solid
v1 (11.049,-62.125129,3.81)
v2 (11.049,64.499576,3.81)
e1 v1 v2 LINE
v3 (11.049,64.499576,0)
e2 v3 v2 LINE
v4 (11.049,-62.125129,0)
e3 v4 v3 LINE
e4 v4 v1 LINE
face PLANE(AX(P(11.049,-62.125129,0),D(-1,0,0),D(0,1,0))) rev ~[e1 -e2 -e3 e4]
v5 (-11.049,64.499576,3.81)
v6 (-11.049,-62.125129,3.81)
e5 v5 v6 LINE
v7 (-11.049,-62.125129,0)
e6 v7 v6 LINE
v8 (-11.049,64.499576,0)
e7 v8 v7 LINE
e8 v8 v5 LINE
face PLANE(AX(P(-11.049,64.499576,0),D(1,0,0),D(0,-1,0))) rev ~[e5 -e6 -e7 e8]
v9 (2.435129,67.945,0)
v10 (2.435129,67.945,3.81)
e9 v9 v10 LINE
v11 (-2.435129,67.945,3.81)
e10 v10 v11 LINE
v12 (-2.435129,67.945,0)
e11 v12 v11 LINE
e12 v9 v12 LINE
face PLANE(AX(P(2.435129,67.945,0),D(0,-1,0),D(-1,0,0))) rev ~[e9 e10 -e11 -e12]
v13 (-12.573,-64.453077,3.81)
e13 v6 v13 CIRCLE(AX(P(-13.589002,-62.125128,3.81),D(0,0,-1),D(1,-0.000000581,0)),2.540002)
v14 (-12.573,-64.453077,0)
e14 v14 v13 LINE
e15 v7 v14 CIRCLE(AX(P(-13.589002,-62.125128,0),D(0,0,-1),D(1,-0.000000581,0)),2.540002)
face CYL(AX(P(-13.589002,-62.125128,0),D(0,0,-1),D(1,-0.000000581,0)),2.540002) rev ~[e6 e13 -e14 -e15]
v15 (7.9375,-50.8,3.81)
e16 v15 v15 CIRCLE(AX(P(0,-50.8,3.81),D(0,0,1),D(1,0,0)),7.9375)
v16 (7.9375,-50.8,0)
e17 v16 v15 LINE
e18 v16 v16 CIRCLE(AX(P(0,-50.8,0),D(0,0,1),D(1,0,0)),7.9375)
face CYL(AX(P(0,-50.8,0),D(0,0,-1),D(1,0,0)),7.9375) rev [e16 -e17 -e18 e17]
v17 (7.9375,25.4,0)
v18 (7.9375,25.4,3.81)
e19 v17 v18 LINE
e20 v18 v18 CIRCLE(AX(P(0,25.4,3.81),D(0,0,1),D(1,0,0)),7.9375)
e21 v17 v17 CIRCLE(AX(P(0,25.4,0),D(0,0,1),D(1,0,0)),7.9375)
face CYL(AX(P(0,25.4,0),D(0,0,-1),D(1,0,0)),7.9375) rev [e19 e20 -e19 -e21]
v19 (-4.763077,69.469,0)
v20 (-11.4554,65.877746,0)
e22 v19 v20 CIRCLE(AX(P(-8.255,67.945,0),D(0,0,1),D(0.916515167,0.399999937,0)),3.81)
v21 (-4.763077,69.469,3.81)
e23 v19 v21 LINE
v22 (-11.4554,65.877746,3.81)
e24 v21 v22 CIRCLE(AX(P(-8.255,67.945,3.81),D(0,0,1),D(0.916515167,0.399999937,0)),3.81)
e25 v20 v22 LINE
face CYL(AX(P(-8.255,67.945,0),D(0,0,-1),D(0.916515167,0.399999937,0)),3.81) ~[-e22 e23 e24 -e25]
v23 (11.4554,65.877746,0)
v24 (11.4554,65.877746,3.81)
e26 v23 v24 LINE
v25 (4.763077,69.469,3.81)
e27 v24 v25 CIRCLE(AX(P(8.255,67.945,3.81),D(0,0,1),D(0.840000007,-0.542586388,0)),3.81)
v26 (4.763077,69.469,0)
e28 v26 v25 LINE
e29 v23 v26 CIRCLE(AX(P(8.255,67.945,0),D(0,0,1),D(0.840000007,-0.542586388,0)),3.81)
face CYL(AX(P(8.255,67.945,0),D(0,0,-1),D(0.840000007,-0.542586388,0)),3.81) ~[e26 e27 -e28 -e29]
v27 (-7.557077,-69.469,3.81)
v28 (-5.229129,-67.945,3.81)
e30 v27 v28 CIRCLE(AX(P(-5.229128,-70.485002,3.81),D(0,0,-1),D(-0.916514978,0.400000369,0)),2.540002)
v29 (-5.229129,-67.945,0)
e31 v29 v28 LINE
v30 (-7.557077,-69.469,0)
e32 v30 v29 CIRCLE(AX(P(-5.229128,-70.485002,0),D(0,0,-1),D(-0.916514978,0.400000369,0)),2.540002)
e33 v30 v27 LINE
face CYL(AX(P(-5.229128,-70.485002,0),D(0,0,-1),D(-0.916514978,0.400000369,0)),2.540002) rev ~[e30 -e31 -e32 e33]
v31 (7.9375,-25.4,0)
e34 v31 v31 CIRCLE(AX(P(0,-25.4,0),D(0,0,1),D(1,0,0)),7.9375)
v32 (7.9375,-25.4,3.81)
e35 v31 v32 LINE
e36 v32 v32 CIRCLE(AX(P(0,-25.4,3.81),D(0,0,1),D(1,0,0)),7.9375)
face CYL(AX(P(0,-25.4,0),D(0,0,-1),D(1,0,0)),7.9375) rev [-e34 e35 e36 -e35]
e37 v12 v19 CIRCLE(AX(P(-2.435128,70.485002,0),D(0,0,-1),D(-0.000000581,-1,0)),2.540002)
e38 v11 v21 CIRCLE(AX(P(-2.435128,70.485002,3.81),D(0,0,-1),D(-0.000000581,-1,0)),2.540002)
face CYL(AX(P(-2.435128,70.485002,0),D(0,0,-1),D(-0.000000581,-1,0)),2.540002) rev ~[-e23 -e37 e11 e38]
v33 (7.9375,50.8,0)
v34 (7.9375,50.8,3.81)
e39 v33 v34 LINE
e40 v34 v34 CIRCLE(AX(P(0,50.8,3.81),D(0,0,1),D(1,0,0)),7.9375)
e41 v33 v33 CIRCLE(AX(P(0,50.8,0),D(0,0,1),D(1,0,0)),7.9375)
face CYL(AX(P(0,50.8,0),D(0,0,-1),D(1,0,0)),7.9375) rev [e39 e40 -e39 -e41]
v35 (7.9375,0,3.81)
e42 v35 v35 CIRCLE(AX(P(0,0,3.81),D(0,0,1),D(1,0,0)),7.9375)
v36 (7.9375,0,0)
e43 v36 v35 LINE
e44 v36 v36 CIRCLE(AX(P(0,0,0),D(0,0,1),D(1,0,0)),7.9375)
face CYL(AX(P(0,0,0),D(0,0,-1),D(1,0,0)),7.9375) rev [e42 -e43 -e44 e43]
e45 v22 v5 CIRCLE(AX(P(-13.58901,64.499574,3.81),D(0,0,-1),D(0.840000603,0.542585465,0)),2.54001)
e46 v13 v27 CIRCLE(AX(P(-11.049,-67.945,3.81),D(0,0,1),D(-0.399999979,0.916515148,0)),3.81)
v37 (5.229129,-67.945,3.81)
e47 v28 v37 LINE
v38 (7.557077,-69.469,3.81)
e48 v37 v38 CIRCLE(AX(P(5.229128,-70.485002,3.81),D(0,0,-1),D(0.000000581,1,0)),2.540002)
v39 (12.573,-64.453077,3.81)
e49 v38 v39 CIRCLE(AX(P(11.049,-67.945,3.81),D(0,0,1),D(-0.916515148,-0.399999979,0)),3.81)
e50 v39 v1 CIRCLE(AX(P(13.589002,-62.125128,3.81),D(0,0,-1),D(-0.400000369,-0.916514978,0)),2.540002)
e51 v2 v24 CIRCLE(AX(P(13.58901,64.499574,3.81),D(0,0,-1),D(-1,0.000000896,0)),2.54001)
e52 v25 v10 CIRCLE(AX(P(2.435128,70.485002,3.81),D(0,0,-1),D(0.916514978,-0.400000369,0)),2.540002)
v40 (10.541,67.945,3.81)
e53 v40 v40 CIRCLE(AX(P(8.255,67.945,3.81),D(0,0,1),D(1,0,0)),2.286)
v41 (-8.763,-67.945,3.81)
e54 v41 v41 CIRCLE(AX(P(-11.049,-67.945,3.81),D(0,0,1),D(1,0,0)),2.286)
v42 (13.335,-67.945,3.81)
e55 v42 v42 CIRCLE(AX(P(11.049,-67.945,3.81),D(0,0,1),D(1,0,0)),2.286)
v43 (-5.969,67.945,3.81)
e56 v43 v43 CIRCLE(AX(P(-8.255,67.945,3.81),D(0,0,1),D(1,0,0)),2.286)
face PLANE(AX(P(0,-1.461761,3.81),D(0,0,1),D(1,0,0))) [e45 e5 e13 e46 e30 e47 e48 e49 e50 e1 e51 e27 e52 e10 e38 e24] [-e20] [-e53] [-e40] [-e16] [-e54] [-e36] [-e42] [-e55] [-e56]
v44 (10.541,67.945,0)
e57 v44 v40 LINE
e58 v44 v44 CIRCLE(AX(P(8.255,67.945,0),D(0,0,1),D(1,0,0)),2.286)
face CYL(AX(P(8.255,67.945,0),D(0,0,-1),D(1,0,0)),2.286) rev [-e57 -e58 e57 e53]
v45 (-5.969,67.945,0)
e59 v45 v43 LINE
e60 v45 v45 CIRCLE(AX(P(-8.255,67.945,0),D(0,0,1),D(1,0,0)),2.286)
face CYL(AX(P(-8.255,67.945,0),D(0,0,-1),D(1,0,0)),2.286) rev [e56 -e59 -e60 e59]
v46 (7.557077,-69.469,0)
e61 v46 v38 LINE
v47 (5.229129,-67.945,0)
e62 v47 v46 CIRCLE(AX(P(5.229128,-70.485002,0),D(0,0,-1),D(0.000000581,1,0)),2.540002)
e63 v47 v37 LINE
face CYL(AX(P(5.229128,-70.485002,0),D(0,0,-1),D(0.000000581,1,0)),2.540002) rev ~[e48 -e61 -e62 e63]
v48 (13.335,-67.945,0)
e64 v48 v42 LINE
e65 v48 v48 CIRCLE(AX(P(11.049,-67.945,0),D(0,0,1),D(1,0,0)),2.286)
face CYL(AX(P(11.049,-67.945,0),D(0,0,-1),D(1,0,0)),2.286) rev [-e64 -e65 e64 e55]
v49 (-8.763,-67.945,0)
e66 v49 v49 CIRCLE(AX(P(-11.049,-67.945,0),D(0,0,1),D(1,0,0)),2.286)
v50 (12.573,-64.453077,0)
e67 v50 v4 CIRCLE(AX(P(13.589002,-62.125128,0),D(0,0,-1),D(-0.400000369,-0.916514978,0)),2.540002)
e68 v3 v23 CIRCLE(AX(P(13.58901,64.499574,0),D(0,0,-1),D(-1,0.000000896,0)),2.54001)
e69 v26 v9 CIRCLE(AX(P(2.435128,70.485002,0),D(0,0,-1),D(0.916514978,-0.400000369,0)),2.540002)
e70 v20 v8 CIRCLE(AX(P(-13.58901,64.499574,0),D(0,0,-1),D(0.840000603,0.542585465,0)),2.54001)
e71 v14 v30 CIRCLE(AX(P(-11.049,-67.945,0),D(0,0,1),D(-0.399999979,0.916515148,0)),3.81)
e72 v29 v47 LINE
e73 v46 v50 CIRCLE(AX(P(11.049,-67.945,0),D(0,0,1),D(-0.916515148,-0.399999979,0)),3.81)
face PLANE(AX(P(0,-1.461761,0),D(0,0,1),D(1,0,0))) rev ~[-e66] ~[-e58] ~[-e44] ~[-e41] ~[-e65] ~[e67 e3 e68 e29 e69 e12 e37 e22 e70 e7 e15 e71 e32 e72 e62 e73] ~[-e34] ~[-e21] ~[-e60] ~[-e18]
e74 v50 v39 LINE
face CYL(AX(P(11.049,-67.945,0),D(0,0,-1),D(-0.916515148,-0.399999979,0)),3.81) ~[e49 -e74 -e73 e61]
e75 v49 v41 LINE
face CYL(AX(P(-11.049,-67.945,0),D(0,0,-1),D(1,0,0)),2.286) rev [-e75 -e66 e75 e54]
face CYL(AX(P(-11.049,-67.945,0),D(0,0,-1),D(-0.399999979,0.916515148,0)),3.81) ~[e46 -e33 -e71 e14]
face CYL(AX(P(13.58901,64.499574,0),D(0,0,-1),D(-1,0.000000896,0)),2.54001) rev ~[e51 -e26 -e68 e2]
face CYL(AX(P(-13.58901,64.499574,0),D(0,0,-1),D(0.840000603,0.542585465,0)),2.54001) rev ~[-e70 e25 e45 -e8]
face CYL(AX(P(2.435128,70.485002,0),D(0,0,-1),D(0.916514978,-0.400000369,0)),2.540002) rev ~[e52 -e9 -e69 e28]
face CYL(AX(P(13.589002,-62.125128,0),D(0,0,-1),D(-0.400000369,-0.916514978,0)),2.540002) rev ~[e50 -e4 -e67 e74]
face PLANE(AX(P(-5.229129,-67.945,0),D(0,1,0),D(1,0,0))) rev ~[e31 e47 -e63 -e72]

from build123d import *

# Parameters (mm, degrees)
F0_R     = 2.286
F0_R_2   = 7.9375
F1_DEPTH = 3.81


with BuildPart() as f1:
    # F0 (on Top) → F1 (new body)
    with BuildSketch(Plane.XY):
        with BuildLine():
            Line((2.435129, 67.945), (-2.435129, 67.945))
            ThreePointArc((-2.435129, 67.945), (-3.826344, 68.359884), (-4.763077, 69.469))
            ThreePointArc((-4.763077, 69.469), (-10.056534, 71.302168), (-11.4554, 65.877746))
            ThreePointArc((-11.4554, 65.877746), (-11.152718, 65.217997), (-11.049, 64.499576))
            Line((-11.049, 64.499576), (-11.049, -62.125129))
            ThreePointArc((-11.049, -62.125129), (-11.463884, -63.516344), (-12.573, -64.453077))
            ThreePointArc((-12.573, -64.453077), (-13.743077, -70.639077), (-7.557077, -69.469))
            ThreePointArc((-7.557077, -69.469), (-6.620344, -68.359884), (-5.229129, -67.945))
            Line((-5.229129, -67.945), (5.229129, -67.945))
            ThreePointArc((5.229129, -67.945), (6.620344, -68.359884), (7.557077, -69.469))
            ThreePointArc((7.557077, -69.469), (13.743077, -70.639077), (12.573, -64.453077))
            ThreePointArc((12.573, -64.453077), (11.463884, -63.516344), (11.049, -62.125129))
            Line((11.049, -62.125129), (11.049, 64.499576))
            ThreePointArc((11.049, 64.499576), (11.152718, 65.217997), (11.4554, 65.877746))
            ThreePointArc((11.4554, 65.877746), (10.056534, 71.302168), (4.763077, 69.469))
            ThreePointArc((4.763077, 69.469), (3.826344, 68.359884), (2.435129, 67.945))
        make_face()
        with Locations((-11.049, -67.945)):
            Circle(F0_R, mode=Mode.SUBTRACT)
        with Locations((0, -50.8)):
            Circle(F0_R_2, mode=Mode.SUBTRACT)
        with Locations((0, -25.4)):
            Circle(F0_R_2, mode=Mode.SUBTRACT)
        with Locations((11.049, -67.945)):
            Circle(F0_R, mode=Mode.SUBTRACT)
        Circle(F0_R_2, mode=Mode.SUBTRACT)
        with Locations((0, 25.4)):
            Circle(F0_R_2, mode=Mode.SUBTRACT)
        with Locations((-8.255, 67.945)):
            Circle(F0_R, mode=Mode.SUBTRACT)
        with Locations((0, 50.8)):
            Circle(F0_R_2, mode=Mode.SUBTRACT)
        with Locations((8.255, 67.945)):
            Circle(F0_R, mode=Mode.SUBTRACT)
    extrude(amount=F1_DEPTH)


solid = f1.part
